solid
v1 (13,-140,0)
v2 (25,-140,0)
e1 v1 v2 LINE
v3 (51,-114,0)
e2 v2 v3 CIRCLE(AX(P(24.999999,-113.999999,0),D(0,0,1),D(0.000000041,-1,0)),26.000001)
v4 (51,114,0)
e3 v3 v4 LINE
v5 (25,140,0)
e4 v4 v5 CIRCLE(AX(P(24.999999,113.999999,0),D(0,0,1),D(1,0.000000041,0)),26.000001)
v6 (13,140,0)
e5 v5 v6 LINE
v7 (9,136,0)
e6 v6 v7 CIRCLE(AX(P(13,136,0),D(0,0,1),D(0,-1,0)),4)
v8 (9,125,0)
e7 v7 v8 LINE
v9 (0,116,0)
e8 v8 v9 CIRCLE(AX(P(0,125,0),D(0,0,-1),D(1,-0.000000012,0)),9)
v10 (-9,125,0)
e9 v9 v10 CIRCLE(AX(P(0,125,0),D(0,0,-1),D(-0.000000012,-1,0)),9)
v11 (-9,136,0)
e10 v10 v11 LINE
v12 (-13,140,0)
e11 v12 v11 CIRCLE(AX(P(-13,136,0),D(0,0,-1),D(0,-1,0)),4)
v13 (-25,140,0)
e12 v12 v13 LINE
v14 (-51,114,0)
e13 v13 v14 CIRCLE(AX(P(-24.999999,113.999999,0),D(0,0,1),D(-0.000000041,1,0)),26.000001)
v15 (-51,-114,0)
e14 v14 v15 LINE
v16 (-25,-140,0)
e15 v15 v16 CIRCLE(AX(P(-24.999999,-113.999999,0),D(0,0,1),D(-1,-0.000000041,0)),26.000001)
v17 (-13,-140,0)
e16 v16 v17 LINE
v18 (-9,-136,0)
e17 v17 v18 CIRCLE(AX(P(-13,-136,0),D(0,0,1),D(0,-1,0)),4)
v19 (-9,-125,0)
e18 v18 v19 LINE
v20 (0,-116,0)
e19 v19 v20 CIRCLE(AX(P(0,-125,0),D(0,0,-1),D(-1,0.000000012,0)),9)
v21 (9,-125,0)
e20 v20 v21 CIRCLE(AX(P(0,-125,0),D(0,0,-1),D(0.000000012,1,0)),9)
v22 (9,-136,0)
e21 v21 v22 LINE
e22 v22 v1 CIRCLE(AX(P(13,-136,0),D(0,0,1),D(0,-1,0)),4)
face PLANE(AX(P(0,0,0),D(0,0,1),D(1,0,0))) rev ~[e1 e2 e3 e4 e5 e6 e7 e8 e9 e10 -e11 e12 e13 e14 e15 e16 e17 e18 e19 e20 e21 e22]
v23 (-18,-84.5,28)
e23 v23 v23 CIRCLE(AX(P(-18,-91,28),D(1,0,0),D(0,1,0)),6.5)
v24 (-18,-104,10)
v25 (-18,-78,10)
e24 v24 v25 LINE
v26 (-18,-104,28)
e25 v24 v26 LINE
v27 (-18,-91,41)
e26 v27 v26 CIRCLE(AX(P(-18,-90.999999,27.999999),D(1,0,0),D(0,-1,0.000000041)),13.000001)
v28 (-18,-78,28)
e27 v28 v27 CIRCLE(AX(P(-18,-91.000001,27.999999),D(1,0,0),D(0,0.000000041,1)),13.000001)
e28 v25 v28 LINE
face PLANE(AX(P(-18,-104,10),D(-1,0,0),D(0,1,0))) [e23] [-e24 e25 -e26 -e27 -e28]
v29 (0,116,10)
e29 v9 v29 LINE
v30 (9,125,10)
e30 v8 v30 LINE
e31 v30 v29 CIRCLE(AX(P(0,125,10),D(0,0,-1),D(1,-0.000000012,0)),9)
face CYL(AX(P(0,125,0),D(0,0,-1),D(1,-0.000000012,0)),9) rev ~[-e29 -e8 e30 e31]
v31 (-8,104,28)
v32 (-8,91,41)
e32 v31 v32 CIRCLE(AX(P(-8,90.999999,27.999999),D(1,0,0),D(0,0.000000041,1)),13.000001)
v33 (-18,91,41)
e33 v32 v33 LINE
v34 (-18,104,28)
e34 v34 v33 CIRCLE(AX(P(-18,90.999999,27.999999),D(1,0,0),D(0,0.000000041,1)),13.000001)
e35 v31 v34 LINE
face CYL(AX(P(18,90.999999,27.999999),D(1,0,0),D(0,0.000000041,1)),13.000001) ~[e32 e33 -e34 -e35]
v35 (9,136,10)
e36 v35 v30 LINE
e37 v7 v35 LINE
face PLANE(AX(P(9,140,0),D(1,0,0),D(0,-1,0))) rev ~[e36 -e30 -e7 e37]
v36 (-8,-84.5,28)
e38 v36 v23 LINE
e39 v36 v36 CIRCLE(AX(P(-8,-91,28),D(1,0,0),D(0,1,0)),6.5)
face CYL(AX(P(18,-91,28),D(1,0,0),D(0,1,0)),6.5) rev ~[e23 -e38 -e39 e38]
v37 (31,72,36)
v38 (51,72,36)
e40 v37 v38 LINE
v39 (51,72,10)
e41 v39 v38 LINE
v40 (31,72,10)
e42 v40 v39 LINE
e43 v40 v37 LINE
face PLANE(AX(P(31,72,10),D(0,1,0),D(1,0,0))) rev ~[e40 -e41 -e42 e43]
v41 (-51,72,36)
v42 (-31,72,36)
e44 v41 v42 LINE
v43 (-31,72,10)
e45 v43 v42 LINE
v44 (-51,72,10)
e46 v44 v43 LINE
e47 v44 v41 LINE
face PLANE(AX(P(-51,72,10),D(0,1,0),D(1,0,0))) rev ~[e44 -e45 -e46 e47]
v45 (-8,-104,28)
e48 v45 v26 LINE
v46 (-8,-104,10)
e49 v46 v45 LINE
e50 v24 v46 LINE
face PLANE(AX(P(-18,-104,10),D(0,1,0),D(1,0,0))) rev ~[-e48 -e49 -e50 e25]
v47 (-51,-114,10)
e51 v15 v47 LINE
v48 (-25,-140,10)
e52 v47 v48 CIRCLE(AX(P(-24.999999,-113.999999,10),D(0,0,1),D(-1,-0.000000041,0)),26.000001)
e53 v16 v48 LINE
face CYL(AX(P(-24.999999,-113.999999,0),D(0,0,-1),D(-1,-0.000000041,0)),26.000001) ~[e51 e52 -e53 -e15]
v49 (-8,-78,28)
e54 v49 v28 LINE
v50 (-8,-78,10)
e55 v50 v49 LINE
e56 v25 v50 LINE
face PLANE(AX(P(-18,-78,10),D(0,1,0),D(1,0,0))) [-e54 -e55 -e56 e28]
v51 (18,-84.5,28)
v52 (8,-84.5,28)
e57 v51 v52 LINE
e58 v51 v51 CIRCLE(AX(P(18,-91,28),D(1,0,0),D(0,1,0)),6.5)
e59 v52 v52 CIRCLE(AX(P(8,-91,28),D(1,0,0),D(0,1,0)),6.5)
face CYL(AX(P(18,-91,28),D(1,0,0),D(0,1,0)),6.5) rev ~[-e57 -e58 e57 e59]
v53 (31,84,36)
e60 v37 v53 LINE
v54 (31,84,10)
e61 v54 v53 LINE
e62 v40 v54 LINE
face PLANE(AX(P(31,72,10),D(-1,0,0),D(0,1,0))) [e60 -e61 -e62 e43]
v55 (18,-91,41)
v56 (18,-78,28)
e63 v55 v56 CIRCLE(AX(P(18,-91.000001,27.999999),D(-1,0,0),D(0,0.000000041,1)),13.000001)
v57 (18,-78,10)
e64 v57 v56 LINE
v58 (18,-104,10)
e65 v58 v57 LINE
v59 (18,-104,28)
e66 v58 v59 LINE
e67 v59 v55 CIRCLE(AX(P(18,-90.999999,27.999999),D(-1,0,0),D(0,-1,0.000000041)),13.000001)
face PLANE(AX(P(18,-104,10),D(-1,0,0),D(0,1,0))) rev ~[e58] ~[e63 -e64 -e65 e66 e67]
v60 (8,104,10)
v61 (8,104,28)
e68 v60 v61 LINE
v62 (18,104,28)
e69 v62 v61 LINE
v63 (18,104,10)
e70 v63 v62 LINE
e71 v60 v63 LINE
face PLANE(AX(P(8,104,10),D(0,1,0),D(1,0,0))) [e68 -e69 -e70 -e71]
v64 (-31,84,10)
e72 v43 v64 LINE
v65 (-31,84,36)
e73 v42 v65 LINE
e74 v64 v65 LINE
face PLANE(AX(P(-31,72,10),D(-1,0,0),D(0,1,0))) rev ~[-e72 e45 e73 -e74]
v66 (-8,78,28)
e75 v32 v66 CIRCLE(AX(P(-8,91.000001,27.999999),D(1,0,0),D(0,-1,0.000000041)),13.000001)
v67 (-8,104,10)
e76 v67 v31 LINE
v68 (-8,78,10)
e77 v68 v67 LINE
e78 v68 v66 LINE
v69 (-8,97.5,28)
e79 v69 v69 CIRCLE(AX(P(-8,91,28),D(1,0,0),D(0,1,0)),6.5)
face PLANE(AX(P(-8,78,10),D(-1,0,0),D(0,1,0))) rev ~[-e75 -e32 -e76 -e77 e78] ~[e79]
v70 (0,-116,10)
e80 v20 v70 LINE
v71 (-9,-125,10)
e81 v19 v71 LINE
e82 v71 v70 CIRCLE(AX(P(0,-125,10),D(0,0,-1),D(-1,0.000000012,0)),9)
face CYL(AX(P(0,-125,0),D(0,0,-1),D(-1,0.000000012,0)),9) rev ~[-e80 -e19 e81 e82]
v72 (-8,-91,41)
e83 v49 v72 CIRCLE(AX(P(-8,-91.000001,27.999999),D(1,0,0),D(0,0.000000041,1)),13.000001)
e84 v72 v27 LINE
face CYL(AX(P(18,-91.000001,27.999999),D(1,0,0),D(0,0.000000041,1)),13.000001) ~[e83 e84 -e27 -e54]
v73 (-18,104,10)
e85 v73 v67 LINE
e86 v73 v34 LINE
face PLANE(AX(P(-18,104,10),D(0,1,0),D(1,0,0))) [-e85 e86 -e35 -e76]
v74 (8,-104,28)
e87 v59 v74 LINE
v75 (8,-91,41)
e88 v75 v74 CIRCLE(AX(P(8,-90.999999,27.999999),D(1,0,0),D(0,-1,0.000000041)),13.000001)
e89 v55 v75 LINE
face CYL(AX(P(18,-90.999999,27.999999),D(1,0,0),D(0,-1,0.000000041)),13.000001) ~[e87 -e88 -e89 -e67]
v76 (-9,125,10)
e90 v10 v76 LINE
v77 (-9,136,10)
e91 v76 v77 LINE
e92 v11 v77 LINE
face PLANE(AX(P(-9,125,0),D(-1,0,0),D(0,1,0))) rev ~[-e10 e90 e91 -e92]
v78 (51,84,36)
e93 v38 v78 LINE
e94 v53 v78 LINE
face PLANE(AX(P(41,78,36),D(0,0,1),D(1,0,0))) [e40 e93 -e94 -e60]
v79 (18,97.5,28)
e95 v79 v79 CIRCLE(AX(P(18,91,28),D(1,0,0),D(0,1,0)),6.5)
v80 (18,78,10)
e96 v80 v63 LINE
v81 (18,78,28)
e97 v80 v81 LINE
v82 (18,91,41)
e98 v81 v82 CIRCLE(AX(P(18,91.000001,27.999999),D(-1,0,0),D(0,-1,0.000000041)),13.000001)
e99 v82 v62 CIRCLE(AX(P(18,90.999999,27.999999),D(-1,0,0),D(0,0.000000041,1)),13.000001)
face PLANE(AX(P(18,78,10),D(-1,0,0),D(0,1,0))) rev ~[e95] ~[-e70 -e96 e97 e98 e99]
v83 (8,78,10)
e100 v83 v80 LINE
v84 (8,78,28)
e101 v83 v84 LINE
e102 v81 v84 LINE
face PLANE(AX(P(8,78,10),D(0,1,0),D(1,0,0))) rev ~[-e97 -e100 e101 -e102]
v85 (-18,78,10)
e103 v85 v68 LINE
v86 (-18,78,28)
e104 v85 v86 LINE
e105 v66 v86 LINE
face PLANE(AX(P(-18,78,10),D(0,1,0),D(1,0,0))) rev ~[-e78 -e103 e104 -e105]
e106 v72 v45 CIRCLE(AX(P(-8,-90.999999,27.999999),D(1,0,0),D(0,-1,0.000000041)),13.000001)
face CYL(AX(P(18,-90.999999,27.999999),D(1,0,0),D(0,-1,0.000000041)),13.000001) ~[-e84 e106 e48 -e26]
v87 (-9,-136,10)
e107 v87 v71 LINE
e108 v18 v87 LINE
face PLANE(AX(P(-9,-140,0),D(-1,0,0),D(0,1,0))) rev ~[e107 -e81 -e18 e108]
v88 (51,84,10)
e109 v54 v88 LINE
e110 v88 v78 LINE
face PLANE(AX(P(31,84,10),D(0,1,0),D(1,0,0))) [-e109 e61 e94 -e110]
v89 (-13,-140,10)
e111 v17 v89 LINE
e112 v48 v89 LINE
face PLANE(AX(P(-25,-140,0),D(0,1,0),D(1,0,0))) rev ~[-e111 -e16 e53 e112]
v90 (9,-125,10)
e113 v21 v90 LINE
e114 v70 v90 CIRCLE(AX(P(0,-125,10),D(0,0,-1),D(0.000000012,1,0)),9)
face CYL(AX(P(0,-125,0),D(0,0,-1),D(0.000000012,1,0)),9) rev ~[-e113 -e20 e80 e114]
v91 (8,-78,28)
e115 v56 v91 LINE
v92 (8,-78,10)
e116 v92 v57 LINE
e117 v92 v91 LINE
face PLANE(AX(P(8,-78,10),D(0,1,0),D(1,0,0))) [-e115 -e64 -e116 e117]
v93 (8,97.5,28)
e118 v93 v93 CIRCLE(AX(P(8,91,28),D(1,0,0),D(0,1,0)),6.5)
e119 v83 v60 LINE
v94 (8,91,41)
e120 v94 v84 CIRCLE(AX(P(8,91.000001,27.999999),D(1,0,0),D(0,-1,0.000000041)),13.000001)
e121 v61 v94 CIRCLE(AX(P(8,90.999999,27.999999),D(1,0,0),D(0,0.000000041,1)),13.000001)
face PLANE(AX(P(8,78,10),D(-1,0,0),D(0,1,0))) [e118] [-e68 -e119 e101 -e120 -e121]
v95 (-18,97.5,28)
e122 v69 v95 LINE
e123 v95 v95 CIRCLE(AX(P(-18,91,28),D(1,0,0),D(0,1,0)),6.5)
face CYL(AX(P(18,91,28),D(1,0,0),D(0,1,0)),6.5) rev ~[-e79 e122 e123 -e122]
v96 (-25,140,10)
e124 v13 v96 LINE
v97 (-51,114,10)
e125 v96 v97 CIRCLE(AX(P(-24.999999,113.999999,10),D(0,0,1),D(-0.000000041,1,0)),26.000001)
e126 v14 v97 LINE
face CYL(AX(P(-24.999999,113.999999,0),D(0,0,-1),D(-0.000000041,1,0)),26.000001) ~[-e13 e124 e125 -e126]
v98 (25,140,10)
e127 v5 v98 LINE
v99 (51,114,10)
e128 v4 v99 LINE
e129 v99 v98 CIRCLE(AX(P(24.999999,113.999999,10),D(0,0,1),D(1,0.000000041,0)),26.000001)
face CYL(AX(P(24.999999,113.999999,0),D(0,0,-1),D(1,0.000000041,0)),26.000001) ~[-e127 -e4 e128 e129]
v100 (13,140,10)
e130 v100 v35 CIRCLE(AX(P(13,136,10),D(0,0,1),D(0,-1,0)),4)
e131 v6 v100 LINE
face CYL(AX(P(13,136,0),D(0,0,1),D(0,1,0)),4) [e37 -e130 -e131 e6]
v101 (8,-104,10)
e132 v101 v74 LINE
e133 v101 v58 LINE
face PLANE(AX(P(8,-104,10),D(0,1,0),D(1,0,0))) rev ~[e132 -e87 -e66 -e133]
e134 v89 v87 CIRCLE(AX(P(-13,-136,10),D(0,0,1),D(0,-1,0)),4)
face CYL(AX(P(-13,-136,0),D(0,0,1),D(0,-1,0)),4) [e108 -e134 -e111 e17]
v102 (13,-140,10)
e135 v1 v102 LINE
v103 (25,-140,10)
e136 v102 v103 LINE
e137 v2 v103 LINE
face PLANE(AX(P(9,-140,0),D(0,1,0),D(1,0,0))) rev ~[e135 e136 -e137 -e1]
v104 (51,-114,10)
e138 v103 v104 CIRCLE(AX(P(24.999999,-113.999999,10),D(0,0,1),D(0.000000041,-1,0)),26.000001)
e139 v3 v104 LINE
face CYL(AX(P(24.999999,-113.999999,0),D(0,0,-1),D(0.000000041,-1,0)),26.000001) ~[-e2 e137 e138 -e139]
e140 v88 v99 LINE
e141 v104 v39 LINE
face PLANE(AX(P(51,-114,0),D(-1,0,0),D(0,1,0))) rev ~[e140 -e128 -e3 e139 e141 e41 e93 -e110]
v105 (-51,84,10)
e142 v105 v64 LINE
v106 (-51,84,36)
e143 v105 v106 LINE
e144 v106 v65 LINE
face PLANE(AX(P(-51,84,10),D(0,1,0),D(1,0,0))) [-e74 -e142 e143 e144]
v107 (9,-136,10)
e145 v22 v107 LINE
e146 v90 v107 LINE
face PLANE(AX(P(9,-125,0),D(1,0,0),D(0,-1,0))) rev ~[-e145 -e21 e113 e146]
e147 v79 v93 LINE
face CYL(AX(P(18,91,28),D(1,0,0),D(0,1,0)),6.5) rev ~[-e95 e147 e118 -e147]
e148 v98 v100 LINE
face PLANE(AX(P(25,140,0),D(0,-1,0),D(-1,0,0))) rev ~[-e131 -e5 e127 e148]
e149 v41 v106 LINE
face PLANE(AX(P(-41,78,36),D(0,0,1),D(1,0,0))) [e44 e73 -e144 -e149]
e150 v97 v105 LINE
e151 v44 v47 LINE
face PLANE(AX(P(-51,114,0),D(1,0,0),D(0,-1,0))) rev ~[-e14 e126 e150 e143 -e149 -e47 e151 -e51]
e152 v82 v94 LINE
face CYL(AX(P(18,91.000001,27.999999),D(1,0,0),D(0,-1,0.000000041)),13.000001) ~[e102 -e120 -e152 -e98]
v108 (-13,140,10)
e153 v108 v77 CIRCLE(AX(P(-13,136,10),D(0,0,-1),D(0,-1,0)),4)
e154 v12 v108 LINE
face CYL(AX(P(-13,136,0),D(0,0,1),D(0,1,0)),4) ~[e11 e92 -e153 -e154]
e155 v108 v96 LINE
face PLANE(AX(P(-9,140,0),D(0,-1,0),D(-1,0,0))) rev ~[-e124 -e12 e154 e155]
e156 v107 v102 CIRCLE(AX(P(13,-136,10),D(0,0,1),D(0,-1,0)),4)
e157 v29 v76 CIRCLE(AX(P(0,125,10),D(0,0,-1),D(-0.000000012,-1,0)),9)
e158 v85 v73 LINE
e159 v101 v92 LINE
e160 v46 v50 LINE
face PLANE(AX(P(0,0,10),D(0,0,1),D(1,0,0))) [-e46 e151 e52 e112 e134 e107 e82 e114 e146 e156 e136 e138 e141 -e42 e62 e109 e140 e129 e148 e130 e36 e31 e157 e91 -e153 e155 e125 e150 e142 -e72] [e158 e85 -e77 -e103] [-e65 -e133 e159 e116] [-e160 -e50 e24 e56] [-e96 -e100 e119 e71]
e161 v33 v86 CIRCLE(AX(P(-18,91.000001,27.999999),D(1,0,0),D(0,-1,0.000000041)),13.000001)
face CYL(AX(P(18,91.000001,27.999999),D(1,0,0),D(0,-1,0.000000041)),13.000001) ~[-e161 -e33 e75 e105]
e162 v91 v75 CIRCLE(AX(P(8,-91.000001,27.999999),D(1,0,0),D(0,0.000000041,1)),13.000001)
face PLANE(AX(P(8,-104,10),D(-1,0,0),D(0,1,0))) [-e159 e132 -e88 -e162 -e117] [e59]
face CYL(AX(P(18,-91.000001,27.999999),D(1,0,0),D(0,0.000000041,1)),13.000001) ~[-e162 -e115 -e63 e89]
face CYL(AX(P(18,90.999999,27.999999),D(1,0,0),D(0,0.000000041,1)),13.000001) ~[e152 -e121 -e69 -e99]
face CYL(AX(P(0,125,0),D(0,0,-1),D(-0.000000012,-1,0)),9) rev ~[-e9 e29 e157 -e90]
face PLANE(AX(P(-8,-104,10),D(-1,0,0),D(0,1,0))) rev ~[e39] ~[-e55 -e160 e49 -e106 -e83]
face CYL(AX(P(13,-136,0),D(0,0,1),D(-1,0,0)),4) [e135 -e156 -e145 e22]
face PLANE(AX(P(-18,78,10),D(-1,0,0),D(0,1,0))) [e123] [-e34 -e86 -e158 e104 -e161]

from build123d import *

# Parameters (mm, degrees)
F1_DEPTH  = 10
F2_R      = 4
F3_W      = 10
F3_H      = 26
F4_DEPTH  = 31
F5_R      = 6.5
F6_DEPTH  = 69.001
F7_R      = 6.5
F8_DEPTH  = 69.001
F9_W      = 20
F9_H      = 12
F10_DEPTH = 26


with BuildPart() as f1:
    # F0 (on Top) → F1 (new body)
    with BuildSketch(Plane.XY):
        with BuildLine():
            Line((-9, 140), (-25, 140))
            ThreePointArc((-25, 140), (-43.384776, 132.384776), (-51, 114))
            Line((-51, 114), (-51, -114))
            ThreePointArc((-51, -114), (-43.384776, -132.384776), (-25, -140))
            Line((-25, -140), (-9, -140))
            Line((-9, -140), (-9, -125))
            ThreePointArc((-9, -125), (-6.363961, -118.636039), (0, -116))
            ThreePointArc((0, -116), (6.363961, -118.636039), (9, -125))
            Line((9, -125), (9, -140))
            Line((9, -140), (25, -140))
            ThreePointArc((25, -140), (43.384776, -132.384776), (51, -114))
            Line((51, -114), (51, 114))
            ThreePointArc((51, 114), (43.384776, 132.384776), (25, 140))
            Line((25, 140), (9, 140))
            Line((9, 140), (9, 125))
            ThreePointArc((9, 125), (6.363961, 118.636039), (0, 116))
            ThreePointArc((0, 116), (-6.363961, 118.636039), (-9, 125))
            Line((-9, 125), (-9, 140))
        make_face()
    extrude(amount=F1_DEPTH)

    # F2
    f2_edges = [f1.edges().sort_by_distance(p)[0] for p in [
        (-9, -140, 5),
        (9, -140, 5),
        (-9, 140, 5),
        (9, 140, 5),
    ]]
    fillet(f2_edges, radius=F2_R)

    # F3 (on face) → F4 (join)
    with BuildSketch(Plane.XY.offset(10)):
        with Locations((13, -91)):
            Rectangle(F3_W, F3_H)
        with Locations((-13, -91)):
            Rectangle(F3_W, F3_H)
        with Locations((-13, 91)):
            Rectangle(F3_W, F3_H)
        with Locations((13, 91)):
            Rectangle(F3_W, F3_H)
    extrude(amount=F4_DEPTH)

    # F5 (on face) → F6 (cut, through all)
    with BuildSketch(Plane.YZ.offset(18)):
        with Locations((-91, 28)):
            Circle(F5_R)
        with BuildLine():
            Line((-78, 41), (-91, 41))
            ThreePointArc((-91, 41), (-81.807612, 37.192388), (-78, 28))
            Line((-78, 28), (-78, 41))
        make_face()
        with BuildLine():
            Line((-104, 41), (-104, 28))
            ThreePointArc((-104, 28), (-100.192388, 37.192388), (-91, 41))
            Line((-91, 41), (-104, 41))
        make_face()
    extrude(amount=-F6_DEPTH, mode=Mode.SUBTRACT)

    # F7 (on face) → F8 (cut, through all)
    with BuildSketch(Plane.YZ.offset(18)):
        with Locations((91, 28)):
            Circle(F7_R)
        with BuildLine():
            Line((78, 41), (78, 28))
            ThreePointArc((78, 28), (81.807612, 37.192388), (91, 41))
            Line((91, 41), (78, 41))
        make_face()
        with BuildLine():
            Line((104, 41), (91, 41))
            ThreePointArc((91, 41), (100.192388, 37.192388), (104, 28))
            Line((104, 28), (104, 41))
        make_face()
    extrude(amount=-F8_DEPTH, mode=Mode.SUBTRACT)

    # F9 (on face) → F10 (join)
    with BuildSketch(Plane.XY.offset(10)):
        with Locations((41, 78)):
            Rectangle(F9_W, F9_H)
        with Locations((-41, 78)):
            Rectangle(F9_W, F9_H)
    extrude(amount=F10_DEPTH)


solid = f1.part
